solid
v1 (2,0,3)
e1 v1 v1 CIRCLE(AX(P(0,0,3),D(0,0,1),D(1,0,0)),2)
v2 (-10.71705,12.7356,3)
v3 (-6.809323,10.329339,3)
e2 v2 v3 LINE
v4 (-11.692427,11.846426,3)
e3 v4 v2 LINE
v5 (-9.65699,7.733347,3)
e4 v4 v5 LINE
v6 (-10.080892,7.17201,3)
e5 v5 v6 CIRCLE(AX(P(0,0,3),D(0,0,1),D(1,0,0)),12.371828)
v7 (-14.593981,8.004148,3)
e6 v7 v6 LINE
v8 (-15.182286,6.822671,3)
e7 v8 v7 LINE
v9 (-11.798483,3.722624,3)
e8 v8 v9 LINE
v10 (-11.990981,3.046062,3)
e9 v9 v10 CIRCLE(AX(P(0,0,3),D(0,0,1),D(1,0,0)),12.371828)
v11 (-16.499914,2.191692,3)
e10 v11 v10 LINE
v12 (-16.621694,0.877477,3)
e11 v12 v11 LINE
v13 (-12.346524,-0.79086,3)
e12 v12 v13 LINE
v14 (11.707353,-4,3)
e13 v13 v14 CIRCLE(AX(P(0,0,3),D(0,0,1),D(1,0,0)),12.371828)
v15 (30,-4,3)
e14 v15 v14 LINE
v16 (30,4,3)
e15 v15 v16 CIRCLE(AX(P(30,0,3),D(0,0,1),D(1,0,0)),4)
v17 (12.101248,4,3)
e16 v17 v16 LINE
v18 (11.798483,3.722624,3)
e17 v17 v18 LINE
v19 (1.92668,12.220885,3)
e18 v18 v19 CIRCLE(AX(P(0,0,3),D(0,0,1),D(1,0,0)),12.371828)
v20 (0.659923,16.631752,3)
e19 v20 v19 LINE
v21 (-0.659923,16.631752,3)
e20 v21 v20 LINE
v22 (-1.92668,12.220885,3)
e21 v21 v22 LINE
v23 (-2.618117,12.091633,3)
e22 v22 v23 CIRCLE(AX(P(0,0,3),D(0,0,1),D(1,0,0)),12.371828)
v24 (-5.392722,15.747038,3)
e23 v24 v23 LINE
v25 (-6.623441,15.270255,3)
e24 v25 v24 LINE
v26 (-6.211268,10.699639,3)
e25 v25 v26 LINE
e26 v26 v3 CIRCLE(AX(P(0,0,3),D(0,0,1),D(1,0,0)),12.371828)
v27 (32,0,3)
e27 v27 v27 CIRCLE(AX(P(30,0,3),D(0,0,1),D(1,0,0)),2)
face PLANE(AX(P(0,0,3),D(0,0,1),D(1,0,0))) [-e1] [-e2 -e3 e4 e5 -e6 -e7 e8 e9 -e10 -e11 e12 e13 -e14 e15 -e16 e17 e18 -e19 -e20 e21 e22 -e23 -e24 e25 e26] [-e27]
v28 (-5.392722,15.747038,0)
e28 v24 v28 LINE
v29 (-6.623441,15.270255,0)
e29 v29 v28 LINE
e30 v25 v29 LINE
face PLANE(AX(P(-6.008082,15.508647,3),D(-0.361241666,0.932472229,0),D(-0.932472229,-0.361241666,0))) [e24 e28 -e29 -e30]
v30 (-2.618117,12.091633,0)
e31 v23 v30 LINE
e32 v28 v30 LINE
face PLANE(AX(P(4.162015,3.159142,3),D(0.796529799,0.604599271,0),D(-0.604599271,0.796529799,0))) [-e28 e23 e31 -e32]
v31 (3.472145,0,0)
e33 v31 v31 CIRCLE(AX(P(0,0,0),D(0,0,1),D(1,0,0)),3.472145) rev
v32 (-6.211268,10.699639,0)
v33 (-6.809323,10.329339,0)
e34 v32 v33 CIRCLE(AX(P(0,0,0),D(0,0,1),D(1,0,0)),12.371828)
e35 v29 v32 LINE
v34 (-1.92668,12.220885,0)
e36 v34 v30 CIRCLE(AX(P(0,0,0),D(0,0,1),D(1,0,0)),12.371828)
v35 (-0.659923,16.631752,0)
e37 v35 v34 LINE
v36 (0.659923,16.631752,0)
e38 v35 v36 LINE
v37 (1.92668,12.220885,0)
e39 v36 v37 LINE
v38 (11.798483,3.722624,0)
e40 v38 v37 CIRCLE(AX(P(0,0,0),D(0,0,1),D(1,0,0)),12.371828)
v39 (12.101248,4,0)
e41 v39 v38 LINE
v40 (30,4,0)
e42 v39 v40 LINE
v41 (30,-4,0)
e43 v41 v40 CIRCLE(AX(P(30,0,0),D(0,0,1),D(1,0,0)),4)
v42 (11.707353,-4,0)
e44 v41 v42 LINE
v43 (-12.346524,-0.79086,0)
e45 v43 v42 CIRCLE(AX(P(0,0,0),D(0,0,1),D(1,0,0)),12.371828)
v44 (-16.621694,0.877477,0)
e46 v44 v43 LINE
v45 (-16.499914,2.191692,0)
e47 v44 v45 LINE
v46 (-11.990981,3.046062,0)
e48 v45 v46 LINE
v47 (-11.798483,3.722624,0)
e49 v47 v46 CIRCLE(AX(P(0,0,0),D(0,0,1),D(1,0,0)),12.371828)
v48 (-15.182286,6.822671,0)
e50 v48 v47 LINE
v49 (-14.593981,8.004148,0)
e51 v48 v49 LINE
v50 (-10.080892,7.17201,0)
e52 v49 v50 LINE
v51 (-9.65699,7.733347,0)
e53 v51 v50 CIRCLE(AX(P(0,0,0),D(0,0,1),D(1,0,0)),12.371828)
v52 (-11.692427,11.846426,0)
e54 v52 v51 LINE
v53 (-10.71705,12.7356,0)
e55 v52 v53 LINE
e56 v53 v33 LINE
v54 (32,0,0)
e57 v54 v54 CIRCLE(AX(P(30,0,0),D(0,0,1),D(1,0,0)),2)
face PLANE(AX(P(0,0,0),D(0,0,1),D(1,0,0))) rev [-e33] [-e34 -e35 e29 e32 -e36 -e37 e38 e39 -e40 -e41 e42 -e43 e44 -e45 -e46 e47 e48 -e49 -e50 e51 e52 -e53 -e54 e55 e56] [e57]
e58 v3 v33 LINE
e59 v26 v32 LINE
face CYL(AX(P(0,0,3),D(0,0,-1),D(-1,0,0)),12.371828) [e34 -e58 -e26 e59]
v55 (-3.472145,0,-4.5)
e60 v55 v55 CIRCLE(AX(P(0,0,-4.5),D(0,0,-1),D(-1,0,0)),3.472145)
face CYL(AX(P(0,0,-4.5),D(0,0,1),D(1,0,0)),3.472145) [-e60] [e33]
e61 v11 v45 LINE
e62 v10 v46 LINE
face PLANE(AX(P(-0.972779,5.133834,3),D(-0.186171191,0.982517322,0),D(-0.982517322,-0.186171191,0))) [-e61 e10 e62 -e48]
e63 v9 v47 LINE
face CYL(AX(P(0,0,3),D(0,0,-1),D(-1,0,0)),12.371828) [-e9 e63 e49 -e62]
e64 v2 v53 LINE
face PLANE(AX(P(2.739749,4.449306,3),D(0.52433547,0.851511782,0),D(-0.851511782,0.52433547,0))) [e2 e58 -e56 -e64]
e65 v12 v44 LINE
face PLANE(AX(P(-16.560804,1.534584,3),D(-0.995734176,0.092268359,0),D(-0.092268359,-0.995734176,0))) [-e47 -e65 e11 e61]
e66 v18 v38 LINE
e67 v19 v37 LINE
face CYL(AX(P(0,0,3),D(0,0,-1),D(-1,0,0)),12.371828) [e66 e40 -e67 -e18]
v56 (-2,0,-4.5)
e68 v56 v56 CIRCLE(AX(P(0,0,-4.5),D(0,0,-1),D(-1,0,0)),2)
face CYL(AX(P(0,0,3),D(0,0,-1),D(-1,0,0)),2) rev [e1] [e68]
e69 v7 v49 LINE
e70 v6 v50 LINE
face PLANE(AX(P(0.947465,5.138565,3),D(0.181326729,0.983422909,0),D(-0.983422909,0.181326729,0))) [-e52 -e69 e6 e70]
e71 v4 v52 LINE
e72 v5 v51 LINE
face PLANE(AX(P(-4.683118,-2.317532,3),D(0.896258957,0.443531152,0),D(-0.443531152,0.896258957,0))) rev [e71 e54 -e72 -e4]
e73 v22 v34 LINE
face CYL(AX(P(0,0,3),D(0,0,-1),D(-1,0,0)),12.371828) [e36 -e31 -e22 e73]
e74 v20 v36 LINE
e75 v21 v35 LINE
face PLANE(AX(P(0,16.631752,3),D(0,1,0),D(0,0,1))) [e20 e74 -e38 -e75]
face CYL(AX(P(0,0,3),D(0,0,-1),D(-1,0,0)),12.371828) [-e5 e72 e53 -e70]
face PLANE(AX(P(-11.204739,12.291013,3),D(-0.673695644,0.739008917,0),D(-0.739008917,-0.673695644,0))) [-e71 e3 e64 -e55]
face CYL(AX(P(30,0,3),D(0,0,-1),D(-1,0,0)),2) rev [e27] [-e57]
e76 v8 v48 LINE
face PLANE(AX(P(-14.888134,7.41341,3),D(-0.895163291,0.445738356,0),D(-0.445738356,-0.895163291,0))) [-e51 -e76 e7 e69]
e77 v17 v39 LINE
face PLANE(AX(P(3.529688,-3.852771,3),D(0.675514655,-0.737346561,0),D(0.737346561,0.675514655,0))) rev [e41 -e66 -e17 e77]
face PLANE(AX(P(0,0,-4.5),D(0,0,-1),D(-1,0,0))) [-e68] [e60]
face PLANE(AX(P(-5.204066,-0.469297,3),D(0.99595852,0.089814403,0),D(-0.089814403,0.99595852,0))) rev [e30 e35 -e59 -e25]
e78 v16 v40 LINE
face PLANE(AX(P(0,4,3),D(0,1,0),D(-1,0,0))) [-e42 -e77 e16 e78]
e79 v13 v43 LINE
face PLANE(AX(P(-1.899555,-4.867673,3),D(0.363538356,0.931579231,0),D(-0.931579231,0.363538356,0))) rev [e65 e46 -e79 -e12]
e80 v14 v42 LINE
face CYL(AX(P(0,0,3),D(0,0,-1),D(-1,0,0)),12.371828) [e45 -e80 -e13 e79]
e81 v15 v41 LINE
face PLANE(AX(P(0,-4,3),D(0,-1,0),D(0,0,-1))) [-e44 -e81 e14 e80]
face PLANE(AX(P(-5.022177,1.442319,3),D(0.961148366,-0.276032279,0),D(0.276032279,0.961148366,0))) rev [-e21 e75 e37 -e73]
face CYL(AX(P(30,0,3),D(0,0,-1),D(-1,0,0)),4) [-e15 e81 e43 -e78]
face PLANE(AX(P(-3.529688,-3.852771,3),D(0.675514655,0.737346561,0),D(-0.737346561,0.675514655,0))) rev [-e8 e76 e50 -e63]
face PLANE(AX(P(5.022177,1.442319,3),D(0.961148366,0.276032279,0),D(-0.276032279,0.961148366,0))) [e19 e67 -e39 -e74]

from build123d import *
from build123d.topology import SkipClean

# Parameters (mm, degrees)
SKETCH_1_R      = 12.371827661
SKETCH_1_R_2    = 2
SKETCH_1_R_3    = 4
EXTRUDE_2_DEPTH = 3
EXTRUDE_START   = 4.5
SKETCH_2_R      = 3.472144909
SKETCH_2_R_2    = 2
EXTRUDE_5_DEPTH = 4.5


with BuildPart() as part:
    # ｽｹｯﾁ1 → ﾎﾞｽ - 押し出し2 (new body)
    # profile 1 of 10: a face of its own
    with BuildSketch(Plane.XY):
        with BuildLine():
            ThreePointArc((-12.346524216, -0.790859961), (-12.319051626, 1.141528242), (-11.990981042, 3.046061939))
            Line((-11.990981042, 3.046061939), (-16.499913731, 2.191691895))
            Line((-16.499913731, 2.191691895), (-16.621693674, 0.877477017))
            Line((-16.621693674, 0.877477017), (-12.346524216, -0.790859961))
        make_face()
    # profile 2 of 10: a face of its own
    with BuildSketch(Plane.XY):
        with BuildLine():
            ThreePointArc((-11.798482531, 3.722624028), (-11.074805969, 5.51459812), (-10.080892335, 7.172010138))
            Line((-10.080892335, 7.172010138), (-14.59398091, 8.004148156))
            Line((-14.59398091, 8.004148156), (-15.182286497, 6.822671267))
            Line((-15.182286497, 6.822671267), (-11.798482531, 3.722624028))
        make_face()
    # profile 3 of 10: a face of its own
    with BuildSketch(Plane.XY):
        with BuildLine():
            ThreePointArc((-9.656990403, 7.733347015), (-8.334846399, 9.142890964), (-6.809323258, 10.329338626))
            Line((-6.809323258, 10.329338626), (-10.717050099, 12.735599855))
            Line((-10.717050099, 12.735599855), (-11.692427401, 11.846425958))
            Line((-11.692427401, 11.846425958), (-9.656990403, 7.733347015))
        make_face()
    # profile 4 of 10: a face of its own
    with BuildSketch(Plane.XY):
        with BuildLine():
            ThreePointArc((-6.211268209, 10.699638635), (-4.469219638, 11.536385721), (-2.618117343, 12.091632696))
            Line((-2.618117343, 12.091632696), (-5.392722287, 15.747038224))
            Line((-5.392722287, 15.747038224), (-6.623441194, 15.27025518))
            Line((-6.623441194, 15.27025518), (-6.211268209, 10.699638635))
        make_face()
    # profile 5 of 10: a face of its own
    with BuildSketch(Plane.XY):
        with BuildLine():
            Line((0.659922552, 16.631751824), (-0.659922552, 16.631751824))
            Line((-0.659922552, 16.631751824), (-1.926679827, 12.220884769))
            ThreePointArc((-1.926679827, 12.220884769), (0, 12.371827661), (1.926679827, 12.220884769))
            Line((1.926679827, 12.220884769), (0.659922552, 16.631751824))
        make_face()
    # profile 6 of 10: a face of its own
    with BuildSketch(Plane.XY):
        with BuildLine():
            Line((12.101247567, 4), (11.798482531, 3.722624028))
            ThreePointArc((11.798482531, 3.722624028), (11.899541098, 3.38571135), (11.990981042, 3.046061939))
            Line((11.990981042, 3.046061939), (16.499913731, 2.191691895))
            Line((16.499913731, 2.191691895), (16.621693674, 0.877477017))
            Line((16.621693674, 0.877477017), (12.346524216, -0.790859961))
            ThreePointArc((12.346524216, -0.790859961), (12.319051626, -1.141528242), (12.281621315, -1.491273804))
            Line((12.281621315, -1.491273804), (16.177441774, -3.916764501))
            Line((16.177441774, -3.916764501), (16.153759232, -4))
            Line((16.153759232, -4), (30, -4))
            ThreePointArc((30, -4), (26, 0), (30, 4))
            Line((30, 4), (12.101247567, 4))
        make_face()
    # profile 7 of 10: a face of its own
    with BuildSketch(Plane.XY):
        with BuildLine():
            Line((16.499913731, 2.191691895), (11.990981042, 3.046061939))
            ThreePointArc((11.990981042, 3.046061939), (12.276246793, 1.534889042), (12.371827661, 0))
            ThreePointArc((12.371827661, 0), (12.365500182, -0.395632324), (12.346524216, -0.790859961))
            Line((12.346524216, -0.790859961), (16.621693674, 0.877477017))
            Line((16.621693674, 0.877477017), (16.499913731, 2.191691895))
        make_face()
    # profile 8 of 10: a face of its own
    with BuildSketch(Plane.XY):
        Circle(SKETCH_1_R)
        Circle(SKETCH_1_R_2, mode=Mode.SUBTRACT)
    # profile 9 of 10: a face of its own
    with BuildSketch(Plane.XY):
        with BuildLine():
            Line((11.707353231, -4), (16.153759232, -4))
            Line((16.153759232, -4), (16.177441774, -3.916764501))
            Line((16.177441774, -3.916764501), (12.281621315, -1.491273804))
            ThreePointArc((12.281621315, -1.491273804), (12.059898496, -2.760610069), (11.707353231, -4))
        make_face()
    # profile 10 of 10: a face of its own
    with BuildSketch(Plane.XY):
        with Locations((30, 0)):
            Circle(SKETCH_1_R_3)
        with Locations((30, 0)):
            Circle(SKETCH_1_R_2, mode=Mode.SUBTRACT)
    extrude(amount=EXTRUDE_2_DEPTH)

    # ｽｹｯﾁ2 → ﾎﾞｽ - 押し出し5 (add)
    with SkipClean():  # the faces are left unmerged after this step: merging them gives an invalid solid
        with BuildSketch(Plane(origin=(0, 0, 0), x_dir=(-1, 0, 0), z_dir=(0, 0, -1)).offset(EXTRUDE_START)):
            with Locations(Location((0, 0, 0), (0, 0, 180))):
                Circle(SKETCH_2_R)
            Circle(SKETCH_2_R_2, mode=Mode.SUBTRACT)
        extrude(amount=-EXTRUDE_5_DEPTH)


solid = part.part
